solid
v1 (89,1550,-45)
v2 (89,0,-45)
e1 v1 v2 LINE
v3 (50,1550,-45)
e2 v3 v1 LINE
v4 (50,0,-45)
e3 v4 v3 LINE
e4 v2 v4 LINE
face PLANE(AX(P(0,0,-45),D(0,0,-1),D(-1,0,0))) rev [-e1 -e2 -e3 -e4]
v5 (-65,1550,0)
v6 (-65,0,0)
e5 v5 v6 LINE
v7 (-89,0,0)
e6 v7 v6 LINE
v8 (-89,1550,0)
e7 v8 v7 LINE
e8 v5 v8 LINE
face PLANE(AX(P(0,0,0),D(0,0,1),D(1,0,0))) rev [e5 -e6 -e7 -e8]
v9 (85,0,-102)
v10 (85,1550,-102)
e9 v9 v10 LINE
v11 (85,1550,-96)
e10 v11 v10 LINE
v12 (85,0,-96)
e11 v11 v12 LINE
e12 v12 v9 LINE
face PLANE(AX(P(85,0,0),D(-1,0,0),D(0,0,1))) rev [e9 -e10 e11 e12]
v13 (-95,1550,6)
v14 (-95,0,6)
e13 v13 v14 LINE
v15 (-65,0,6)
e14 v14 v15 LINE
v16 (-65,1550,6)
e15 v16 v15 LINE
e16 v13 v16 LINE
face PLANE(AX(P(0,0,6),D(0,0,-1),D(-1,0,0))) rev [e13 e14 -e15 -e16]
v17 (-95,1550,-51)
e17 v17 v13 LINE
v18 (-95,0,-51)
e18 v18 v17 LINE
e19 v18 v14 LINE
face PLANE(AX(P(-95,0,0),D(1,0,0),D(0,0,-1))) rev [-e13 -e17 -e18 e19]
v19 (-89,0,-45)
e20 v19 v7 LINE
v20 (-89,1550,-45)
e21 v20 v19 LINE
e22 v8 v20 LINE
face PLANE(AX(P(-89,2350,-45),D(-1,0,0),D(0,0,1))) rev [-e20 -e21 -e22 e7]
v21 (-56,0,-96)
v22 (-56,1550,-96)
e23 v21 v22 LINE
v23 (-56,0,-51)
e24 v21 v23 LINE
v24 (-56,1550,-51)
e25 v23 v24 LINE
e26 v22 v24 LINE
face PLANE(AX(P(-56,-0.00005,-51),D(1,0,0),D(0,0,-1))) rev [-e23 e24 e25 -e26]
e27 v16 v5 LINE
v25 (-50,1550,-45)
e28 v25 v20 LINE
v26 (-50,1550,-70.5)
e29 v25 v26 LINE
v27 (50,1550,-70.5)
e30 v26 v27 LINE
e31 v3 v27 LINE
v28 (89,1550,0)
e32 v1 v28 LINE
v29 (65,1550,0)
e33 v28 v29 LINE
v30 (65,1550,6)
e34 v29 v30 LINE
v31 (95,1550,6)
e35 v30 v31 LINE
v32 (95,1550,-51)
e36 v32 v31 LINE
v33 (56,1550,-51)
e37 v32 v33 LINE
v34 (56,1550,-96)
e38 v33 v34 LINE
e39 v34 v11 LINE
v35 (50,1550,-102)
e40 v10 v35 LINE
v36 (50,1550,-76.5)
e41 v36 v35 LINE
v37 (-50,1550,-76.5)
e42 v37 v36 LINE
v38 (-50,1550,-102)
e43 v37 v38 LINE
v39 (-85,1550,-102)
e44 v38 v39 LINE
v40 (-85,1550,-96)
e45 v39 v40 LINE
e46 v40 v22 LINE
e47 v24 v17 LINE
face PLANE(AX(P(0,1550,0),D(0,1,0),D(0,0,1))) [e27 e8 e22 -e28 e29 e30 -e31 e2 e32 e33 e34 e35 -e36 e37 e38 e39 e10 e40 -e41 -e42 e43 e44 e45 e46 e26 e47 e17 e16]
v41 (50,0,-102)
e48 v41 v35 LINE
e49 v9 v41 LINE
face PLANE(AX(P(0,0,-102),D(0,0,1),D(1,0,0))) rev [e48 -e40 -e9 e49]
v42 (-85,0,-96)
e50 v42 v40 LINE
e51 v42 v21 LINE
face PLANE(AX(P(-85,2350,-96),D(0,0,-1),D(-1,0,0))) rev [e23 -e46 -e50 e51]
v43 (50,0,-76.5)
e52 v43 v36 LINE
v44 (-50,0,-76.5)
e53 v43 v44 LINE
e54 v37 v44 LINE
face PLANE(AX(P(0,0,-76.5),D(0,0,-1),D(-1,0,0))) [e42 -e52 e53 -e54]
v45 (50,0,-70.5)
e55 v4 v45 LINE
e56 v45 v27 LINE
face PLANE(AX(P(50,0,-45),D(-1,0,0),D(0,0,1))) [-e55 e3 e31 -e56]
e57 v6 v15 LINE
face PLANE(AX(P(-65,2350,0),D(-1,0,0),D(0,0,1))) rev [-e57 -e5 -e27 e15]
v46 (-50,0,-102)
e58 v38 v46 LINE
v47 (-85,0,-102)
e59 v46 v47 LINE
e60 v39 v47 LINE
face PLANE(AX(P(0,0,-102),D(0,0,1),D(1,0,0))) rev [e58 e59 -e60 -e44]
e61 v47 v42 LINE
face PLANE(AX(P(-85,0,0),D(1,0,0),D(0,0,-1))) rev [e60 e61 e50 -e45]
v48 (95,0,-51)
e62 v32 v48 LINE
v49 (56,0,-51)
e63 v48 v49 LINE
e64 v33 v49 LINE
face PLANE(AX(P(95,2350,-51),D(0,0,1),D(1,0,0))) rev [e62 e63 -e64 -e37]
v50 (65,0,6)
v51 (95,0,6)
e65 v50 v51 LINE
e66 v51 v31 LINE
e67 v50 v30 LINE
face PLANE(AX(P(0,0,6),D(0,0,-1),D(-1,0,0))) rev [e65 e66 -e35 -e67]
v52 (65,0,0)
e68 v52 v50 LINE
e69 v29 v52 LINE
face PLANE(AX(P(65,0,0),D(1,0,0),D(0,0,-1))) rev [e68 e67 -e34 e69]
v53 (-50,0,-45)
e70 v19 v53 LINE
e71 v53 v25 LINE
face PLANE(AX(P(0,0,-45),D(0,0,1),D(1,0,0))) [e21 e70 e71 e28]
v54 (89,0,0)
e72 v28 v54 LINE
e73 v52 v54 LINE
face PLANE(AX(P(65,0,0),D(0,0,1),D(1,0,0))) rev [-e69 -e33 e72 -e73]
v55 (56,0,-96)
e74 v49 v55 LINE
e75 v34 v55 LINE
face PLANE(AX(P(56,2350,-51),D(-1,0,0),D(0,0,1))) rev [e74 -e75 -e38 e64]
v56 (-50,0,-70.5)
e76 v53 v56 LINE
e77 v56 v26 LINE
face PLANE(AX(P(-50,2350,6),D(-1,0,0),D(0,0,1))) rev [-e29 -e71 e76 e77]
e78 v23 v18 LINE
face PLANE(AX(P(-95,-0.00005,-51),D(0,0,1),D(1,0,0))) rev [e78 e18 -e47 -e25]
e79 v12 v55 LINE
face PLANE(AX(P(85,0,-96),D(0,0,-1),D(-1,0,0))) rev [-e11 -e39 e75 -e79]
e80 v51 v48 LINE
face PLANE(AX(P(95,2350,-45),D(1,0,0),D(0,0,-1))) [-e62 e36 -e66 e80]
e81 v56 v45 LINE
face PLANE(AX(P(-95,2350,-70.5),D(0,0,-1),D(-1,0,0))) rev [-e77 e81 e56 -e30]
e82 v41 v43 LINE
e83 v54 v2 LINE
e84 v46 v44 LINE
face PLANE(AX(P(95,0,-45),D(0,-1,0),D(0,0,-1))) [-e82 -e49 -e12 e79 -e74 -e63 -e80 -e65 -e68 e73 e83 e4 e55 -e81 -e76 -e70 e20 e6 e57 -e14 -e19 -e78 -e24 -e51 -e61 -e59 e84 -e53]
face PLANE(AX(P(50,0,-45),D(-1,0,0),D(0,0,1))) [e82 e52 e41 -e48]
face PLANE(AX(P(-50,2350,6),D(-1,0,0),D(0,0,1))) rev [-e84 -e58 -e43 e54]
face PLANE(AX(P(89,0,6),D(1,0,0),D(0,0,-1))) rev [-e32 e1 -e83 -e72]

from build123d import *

# Parameters (mm, degrees)
SKETCH1_W                      = 45
SKETCH1_H                      = 2350
BOSS_EXTRUDE1_DEPTH            = 31.5
SKETCH2_W                      = 6
SKETCH2_H                      = 2350
BOSS_EXTRUDE2_DEPTH            = 145
SKETCH3_W                      = 45
SKETCH3_H                      = 2350
BOSS_EXTRUDE3_DEPTH            = 76.5
SKETCH4_W                      = 6
SKETCH4_H                      = 2350
BOSS_EXTRUDE4_DEPTH            = 51
SKETCH5_W                      = 6
SKETCH5_H                      = 2350
BOSS_EXTRUDE5_DEPTH            = 24
SKETCH6_W                      = 15
SKETCH6_H                      = 2350
CUT_EXTRUDE1_DEPTH             = 6
SKETCH7_W                      = 39
SKETCH7_H                      = 2350
CUT_EXTRUDE2_DEPTH             = 45
SKETCH8_W                      = 100
SKETCH8_H                      = 6
CUT_EXTRUDE3_DEPTH             = 100
SKETCH9_W                      = 45
SKETCH9_H                      = 2350
BOSS_EXTRUDE6_DEPTH            = 25.5
SKETCH10_W                     = 39
SKETCH10_H                     = 51
CUT_EXTRUDE4_DEPTH             = 2351
SKETCH11_W                     = 6
SKETCH11_H                     = 2350
BOSS_EXTRUDE7_DEPTH            = 29
SKETCH12_W                     = 45
SKETCH12_H                     = 2350
BOSS_EXTRUDE8_DEPTH            = 25.5
SKETCH13_W                     = 39
SKETCH13_H                     = 51
CUT_EXTRUDE5_DEPTH             = 2351
SKETCH14_W                     = 6
SKETCH14_H                     = 2350
BOSS_EXTRUDE9_DEPTH            = 29
F_10_0_10_DIAMETER_HOLE1_D     = 10
F_10_0_10_DIAMETER_HOLE1_DEPTH = 6
F_10_0_10_DIAMETER_HOLE2_D     = 10
F_10_0_10_DIAMETER_HOLE2_DEPTH = 45
SKETCH24_W                     = 287.862467109
SKETCH24_H                     = 163.242221956
CUT_EXTRUDE8_DEPTH             = 800


with BuildPart() as part:
    # Sketch1 → Boss-Extrude1 (new body)
    with BuildSketch(Plane(origin=(0, 0, -76.5), x_dir=(-1, 0, 0), z_dir=(0, 0, -1))):
        with Locations((-72.5, 1175)):
            Rectangle(SKETCH1_W, SKETCH1_H)
    extrude(amount=-BOSS_EXTRUDE1_DEPTH)

    # Sketch2 → Boss-Extrude2 (add)
    with BuildSketch(Plane.ZY.offset(-50)):
        with Locations((-73.5, 1175)):
            Rectangle(SKETCH2_W, SKETCH2_H)
    extrude(amount=BOSS_EXTRUDE2_DEPTH)

    # Sketch3 → Boss-Extrude3 (add)
    with BuildSketch(Plane.XY.offset(-70.5)):
        with Locations((-72.5, 1175)):
            Rectangle(SKETCH3_W, SKETCH3_H)
    extrude(amount=BOSS_EXTRUDE3_DEPTH)

    # Sketch4 → Boss-Extrude4 (add)
    with BuildSketch(Plane.XY.offset(-45)):
        with Locations((92, 1175)):
            Rectangle(SKETCH4_W, SKETCH4_H)
    extrude(amount=BOSS_EXTRUDE4_DEPTH)

    # Sketch5 → Boss-Extrude5 (add)
    with BuildSketch(Plane.ZY.offset(-89)):
        with Locations((3, 1175)):
            Rectangle(SKETCH5_W, SKETCH5_H)
    extrude(amount=BOSS_EXTRUDE5_DEPTH)

    # Sketch6 → Cut-Extrude1 (cut)
    with BuildSketch(Plane.XY.offset(6)):
        with Locations((-57.5, 1175)):
            Rectangle(SKETCH6_W, SKETCH6_H)
    extrude(amount=-CUT_EXTRUDE1_DEPTH, mode=Mode.SUBTRACT)

    # Sketch7 → Cut-Extrude2 (cut)
    with BuildSketch(Plane.XY):
        with Locations((-69.5, 1175)):
            Rectangle(SKETCH7_W, SKETCH7_H)
    extrude(amount=-CUT_EXTRUDE2_DEPTH, mode=Mode.SUBTRACT)

    # Sketch8 → Cut-Extrude3 (cut)
    with BuildSketch(Plane(origin=(0, 2350, 0), x_dir=(-1, 0, 0), z_dir=(0, 1, 0))):
        with Locations((0, -73.5)):
            Rectangle(SKETCH8_W, SKETCH8_H)
    extrude(amount=-CUT_EXTRUDE3_DEPTH, mode=Mode.SUBTRACT)

    # Sketch9 → Boss-Extrude6 (add)
    with BuildSketch(Plane(origin=(0, 0, -76.5), x_dir=(-1, 0, 0), z_dir=(0, 0, -1))):
        with Locations((-72.5, 1175)):
            Rectangle(SKETCH9_W, SKETCH9_H)
    extrude(amount=BOSS_EXTRUDE6_DEPTH)

    # Sketch10 → Cut-Extrude4 (cut, through all)
    with BuildSketch(Plane.XZ):
        with Locations((75.5, -76.5)):
            Rectangle(SKETCH10_W, SKETCH10_H)
    extrude(amount=-CUT_EXTRUDE4_DEPTH, mode=Mode.SUBTRACT)

    # Sketch11 → Boss-Extrude7 (add)
    with BuildSketch(Plane(origin=(56, 0, 0), x_dir=(0, 0, -1), z_dir=(1, 0, 0))):
        with Locations((99, 1175)):
            Rectangle(SKETCH11_W, SKETCH11_H)
    extrude(amount=BOSS_EXTRUDE7_DEPTH)

    # Sketch12 → Boss-Extrude8 (add)
    with BuildSketch(Plane(origin=(0, 0, -76.5), x_dir=(-1, 0, 0), z_dir=(0, 0, -1))):
        with Locations((72.5, 1175)):
            Rectangle(SKETCH12_W, SKETCH12_H)
    extrude(amount=BOSS_EXTRUDE8_DEPTH)

    # Sketch13 → Cut-Extrude5 (cut, through all)
    with BuildSketch(Plane(origin=(0, 2350, 0), x_dir=(-1, 0, 0), z_dir=(0, 1, 0))):
        with Locations((75.5, -76.5)):
            Rectangle(SKETCH13_W, SKETCH13_H)
    extrude(amount=-CUT_EXTRUDE5_DEPTH, mode=Mode.SUBTRACT)

    # Sketch14 → Boss-Extrude9 (add)
    with BuildSketch(Plane.ZY.offset(56)):
        with Locations((-99, 1175)):
            Rectangle(SKETCH14_W, SKETCH14_H)
    extrude(amount=BOSS_EXTRUDE9_DEPTH)

    # Ø10.0 (10) Diameter Hole1
    with Locations(Plane.ZY.offset(56)):
        with Locations((-73.5, 2330)):
            Hole(F_10_0_10_DIAMETER_HOLE1_D / 2, depth=F_10_0_10_DIAMETER_HOLE1_DEPTH)

    # Ø10.0 (10) Diameter Hole2
    with Locations(Plane.ZY.offset(-50)):
        with Locations((-73.5, 2330)):
            Hole(F_10_0_10_DIAMETER_HOLE2_D / 2, depth=F_10_0_10_DIAMETER_HOLE2_DEPTH)

    # Sketch24 → Cut-Extrude8 (cut)
    with BuildSketch(Plane(origin=(0, 2350, 0), x_dir=(1, 0, 0), z_dir=(0, 1, 0))):
        with Locations((3.257138833, 40.584576945)):
            Rectangle(SKETCH24_W, SKETCH24_H)
    extrude(amount=-CUT_EXTRUDE8_DEPTH, mode=Mode.SUBTRACT)


solid = part.part
